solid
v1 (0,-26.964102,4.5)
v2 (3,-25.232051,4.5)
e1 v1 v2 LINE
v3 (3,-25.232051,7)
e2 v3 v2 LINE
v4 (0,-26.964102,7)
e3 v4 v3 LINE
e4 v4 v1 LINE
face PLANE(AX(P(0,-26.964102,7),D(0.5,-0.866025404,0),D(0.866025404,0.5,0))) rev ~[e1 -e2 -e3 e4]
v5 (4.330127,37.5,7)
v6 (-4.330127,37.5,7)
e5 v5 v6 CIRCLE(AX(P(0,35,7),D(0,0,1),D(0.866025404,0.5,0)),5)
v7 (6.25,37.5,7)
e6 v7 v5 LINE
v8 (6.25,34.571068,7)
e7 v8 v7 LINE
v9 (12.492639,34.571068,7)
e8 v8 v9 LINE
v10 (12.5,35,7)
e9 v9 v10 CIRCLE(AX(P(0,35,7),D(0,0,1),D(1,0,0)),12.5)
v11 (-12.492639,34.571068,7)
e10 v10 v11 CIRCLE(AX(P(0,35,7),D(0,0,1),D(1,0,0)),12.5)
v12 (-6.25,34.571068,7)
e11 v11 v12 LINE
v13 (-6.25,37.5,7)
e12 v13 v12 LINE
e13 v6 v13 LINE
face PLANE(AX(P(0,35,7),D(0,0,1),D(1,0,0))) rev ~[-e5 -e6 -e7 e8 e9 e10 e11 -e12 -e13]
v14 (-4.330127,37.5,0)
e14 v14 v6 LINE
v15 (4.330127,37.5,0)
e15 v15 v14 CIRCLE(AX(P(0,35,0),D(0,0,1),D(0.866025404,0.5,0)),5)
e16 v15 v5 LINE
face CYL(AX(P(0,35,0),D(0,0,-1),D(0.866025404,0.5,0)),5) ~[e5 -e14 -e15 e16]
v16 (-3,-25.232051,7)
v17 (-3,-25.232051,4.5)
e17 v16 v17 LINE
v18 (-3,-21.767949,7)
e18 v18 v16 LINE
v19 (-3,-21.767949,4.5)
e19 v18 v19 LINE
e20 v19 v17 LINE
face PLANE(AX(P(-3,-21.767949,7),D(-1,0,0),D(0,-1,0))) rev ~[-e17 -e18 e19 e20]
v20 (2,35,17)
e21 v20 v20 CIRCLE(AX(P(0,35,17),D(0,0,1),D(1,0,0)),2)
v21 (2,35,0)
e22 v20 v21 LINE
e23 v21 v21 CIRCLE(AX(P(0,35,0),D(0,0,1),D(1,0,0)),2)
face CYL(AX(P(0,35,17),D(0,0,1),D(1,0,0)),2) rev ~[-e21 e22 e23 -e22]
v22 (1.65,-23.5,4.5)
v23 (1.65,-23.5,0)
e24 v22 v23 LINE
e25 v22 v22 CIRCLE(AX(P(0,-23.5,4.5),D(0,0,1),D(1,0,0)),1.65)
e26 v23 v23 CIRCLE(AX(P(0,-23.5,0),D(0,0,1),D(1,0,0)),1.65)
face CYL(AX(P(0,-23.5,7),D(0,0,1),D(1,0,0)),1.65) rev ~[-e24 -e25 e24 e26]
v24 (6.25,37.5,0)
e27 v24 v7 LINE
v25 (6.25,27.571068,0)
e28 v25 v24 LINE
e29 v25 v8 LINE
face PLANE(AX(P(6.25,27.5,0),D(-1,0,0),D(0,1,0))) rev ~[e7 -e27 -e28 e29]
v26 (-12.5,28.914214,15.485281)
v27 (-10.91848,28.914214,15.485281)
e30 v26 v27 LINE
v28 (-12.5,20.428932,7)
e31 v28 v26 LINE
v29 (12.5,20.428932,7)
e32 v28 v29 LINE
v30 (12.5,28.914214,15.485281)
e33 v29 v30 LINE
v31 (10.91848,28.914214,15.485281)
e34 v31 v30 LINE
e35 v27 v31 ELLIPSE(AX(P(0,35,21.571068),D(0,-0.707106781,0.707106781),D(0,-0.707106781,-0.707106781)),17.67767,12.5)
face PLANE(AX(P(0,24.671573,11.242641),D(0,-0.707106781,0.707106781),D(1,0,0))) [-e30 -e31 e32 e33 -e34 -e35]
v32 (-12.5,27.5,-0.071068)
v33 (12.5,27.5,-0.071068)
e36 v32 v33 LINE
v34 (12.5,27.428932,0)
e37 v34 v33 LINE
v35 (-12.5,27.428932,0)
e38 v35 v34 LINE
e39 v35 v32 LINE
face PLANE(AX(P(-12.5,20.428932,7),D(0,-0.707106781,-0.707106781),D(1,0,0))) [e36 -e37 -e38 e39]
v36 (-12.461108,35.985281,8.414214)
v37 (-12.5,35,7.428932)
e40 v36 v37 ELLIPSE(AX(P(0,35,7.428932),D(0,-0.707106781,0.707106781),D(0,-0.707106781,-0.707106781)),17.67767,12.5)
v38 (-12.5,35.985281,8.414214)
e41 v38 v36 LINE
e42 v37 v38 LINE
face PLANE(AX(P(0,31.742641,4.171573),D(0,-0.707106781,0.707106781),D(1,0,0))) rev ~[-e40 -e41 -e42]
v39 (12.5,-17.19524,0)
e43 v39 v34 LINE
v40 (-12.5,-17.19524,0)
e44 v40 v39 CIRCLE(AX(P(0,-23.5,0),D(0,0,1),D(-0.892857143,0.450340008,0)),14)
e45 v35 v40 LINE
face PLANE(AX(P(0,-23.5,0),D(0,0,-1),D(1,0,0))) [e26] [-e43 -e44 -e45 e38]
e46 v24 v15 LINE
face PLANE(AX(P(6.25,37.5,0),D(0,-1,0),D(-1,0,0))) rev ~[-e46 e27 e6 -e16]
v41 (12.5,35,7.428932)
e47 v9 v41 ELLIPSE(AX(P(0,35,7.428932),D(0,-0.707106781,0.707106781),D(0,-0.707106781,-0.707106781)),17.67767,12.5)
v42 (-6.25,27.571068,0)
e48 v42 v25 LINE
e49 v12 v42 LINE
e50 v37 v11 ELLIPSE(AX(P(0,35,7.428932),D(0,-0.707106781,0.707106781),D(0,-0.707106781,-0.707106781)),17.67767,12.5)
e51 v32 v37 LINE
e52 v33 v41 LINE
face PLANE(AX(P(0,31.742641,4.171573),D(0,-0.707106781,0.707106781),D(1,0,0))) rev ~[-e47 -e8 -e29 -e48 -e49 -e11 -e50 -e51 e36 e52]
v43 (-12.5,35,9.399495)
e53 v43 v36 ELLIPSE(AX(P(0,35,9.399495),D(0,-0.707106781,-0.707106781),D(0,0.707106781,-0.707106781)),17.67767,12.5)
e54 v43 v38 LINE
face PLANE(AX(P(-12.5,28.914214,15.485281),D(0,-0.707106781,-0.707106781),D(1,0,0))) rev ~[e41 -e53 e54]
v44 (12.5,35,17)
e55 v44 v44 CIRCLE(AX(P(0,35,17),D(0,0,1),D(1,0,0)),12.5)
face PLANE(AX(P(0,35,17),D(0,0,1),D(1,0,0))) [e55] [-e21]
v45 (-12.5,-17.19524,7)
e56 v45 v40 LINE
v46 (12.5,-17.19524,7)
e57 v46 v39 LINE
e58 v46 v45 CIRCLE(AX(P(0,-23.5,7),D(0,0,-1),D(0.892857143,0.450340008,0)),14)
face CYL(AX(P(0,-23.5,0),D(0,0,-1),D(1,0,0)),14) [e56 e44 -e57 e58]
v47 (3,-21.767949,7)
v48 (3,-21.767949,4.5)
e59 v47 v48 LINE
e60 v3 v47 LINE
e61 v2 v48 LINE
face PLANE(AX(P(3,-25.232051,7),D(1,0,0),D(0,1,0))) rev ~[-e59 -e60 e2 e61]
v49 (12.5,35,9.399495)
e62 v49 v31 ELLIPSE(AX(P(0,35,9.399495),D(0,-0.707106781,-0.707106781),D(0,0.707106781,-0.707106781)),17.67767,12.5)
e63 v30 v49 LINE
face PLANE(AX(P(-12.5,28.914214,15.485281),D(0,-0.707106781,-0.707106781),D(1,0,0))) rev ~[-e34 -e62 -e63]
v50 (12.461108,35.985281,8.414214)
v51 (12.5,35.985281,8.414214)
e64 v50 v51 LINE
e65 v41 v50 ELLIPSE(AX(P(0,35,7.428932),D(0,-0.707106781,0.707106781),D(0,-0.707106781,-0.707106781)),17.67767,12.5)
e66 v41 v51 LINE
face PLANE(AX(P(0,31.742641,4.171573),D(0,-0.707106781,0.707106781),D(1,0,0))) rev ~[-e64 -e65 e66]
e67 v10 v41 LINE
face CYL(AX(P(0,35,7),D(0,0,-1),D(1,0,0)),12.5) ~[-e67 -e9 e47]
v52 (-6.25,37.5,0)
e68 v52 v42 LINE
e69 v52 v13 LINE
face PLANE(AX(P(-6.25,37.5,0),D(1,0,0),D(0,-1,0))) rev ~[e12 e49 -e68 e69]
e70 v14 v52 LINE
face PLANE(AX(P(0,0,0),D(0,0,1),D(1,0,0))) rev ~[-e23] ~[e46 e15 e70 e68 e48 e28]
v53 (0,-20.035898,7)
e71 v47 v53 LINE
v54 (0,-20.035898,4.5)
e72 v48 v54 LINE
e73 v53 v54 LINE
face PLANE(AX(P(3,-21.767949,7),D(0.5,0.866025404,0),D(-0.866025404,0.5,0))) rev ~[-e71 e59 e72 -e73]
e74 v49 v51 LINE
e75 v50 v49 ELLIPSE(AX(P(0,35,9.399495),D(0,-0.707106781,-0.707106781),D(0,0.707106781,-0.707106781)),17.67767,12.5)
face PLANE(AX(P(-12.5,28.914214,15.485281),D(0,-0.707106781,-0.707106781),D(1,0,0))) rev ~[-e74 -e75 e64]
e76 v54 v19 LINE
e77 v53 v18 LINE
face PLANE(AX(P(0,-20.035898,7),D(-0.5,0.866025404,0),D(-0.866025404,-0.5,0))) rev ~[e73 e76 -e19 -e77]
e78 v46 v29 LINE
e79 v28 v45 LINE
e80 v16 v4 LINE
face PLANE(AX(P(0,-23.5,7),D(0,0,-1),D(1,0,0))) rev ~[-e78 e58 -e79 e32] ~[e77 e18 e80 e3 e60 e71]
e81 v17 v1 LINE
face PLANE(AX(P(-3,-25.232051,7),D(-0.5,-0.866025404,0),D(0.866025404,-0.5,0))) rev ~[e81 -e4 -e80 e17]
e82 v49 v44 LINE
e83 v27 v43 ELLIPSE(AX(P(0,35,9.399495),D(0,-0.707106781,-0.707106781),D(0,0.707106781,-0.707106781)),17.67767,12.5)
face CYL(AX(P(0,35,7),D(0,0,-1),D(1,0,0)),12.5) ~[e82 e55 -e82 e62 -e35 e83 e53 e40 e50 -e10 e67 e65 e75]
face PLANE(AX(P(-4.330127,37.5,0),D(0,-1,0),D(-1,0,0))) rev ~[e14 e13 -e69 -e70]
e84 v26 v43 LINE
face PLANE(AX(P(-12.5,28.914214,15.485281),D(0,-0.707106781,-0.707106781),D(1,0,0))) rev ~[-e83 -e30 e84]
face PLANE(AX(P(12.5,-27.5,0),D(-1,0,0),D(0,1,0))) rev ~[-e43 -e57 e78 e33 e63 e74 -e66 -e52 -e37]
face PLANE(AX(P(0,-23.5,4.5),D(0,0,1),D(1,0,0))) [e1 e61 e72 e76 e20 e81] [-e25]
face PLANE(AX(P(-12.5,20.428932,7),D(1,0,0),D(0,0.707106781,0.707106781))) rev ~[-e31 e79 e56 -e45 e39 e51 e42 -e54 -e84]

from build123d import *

# Parameters (mm, degrees)
F1_DEPTH  = 7
F2_R      = 12.5
F3_DEPTH  = 10
F4_R      = 2
F5_DEPTH  = 7
F9_W      = 25
F9_H      = 12
F10_DEPTH = 10
F11_R     = 2
F12_DEPTH = 17
F13_R     = 14
F14_DEPTH = 7
F15_R     = 1.65
F16_DEPTH = 7
F18_DEPTH = 2.5


with BuildPart() as f1:
    # F0 (on Top) → F1 (new body)
    with BuildSketch(Plane.XY):
        Polygon((-12.5, -27.5), (12.5, -27.5), (12.5, 27.5), (6.25, 27.5), (-6.25, 27.5), (-12.5, 27.5), align=None)
        with BuildLine():
            Line((-6.25, 27.5), (6.25, 27.5))
            Line((6.25, 27.5), (6.25, 37.5))
            Line((6.25, 37.5), (4.3301270189, 37.5))
            ThreePointArc((4.3301270189, 37.5), (4.8296291314, 36.2940952255), (5, 35))
            ThreePointArc((5, 35), (-1.2940952255, 30.1703708686), (-4.3301270189, 37.5))
            Line((-4.3301270189, 37.5), (-6.25, 37.5))
            Line((-6.25, 37.5), (-6.25, 27.5))
        make_face()
        with BuildLine():
            ThreePointArc((5, 35), (4.8296291314, 36.2940952255), (4.3301270189, 37.5))
            Line((4.3301270189, 37.5), (-4.3301270189, 37.5))
            ThreePointArc((-4.3301270189, 37.5), (-1.2940952255, 30.1703708686), (5, 35))
        make_face()
        with BuildLine():
            Line((-4.3301270189, 37.5), (4.3301270189, 37.5))
            ThreePointArc((4.3301270189, 37.5), (0, 40), (-4.3301270189, 37.5))
        make_face()
    extrude(amount=F1_DEPTH)

    # F2 (on face) → F3 (join)
    with BuildSketch(Plane.XY.offset(7)):
        with Locations((0, 35)):
            Circle(F2_R)
    extrude(amount=F3_DEPTH)

    # F4 (on face) → F5 (cut, through all)
    with BuildSketch(Plane.XY.offset(7)):
        with Locations((0, -23.5)):
            Circle(F4_R)
    extrude(amount=-F5_DEPTH, mode=Mode.SUBTRACT)

    # F9 (on offset) → F10 (join)
    with BuildSketch(Plane(origin=(0, 6.7144660941, -6.7144660941), x_dir=(1, 0, 0), z_dir=(0, -0.7071067812, 0.7071067812))):
        with Locations((0, 25.3951839509)):
            Rectangle(F9_W, F9_H)
    extrude(amount=-F10_DEPTH)

    # F11 (on face) → F12 (cut, through all)
    with BuildSketch(Plane.XY.offset(17)):
        with Locations((0, 35)):
            Circle(F11_R)
    extrude(amount=-F12_DEPTH, mode=Mode.SUBTRACT)

    # F13 (on face) → F14 (join, through all)
    with BuildSketch(Plane(origin=(0, 0, 0), x_dir=(1, 0, 0), z_dir=(0, 0, -1))):
        with Locations((0, 23.5)):
            Circle(F13_R)
    extrude(amount=-F14_DEPTH)

    # F15 (on face) → F16 (cut, through all)
    with BuildSketch(Plane.XY.offset(7)):
        with Locations((0, -23.5)):
            Circle(F15_R)
    extrude(amount=-F16_DEPTH, mode=Mode.SUBTRACT)

    # F17 (on face) → F18 (cut)
    with BuildSketch(Plane.XY.offset(7)):
        Polygon((0, -26.9641016151), (3, -25.2320508076), (3, -21.7679491924), (0, -20.0358983849), (-3, -21.7679491924), (-3, -25.2320508076), align=None)
    extrude(amount=-F18_DEPTH, mode=Mode.SUBTRACT)


solid = f1.part
